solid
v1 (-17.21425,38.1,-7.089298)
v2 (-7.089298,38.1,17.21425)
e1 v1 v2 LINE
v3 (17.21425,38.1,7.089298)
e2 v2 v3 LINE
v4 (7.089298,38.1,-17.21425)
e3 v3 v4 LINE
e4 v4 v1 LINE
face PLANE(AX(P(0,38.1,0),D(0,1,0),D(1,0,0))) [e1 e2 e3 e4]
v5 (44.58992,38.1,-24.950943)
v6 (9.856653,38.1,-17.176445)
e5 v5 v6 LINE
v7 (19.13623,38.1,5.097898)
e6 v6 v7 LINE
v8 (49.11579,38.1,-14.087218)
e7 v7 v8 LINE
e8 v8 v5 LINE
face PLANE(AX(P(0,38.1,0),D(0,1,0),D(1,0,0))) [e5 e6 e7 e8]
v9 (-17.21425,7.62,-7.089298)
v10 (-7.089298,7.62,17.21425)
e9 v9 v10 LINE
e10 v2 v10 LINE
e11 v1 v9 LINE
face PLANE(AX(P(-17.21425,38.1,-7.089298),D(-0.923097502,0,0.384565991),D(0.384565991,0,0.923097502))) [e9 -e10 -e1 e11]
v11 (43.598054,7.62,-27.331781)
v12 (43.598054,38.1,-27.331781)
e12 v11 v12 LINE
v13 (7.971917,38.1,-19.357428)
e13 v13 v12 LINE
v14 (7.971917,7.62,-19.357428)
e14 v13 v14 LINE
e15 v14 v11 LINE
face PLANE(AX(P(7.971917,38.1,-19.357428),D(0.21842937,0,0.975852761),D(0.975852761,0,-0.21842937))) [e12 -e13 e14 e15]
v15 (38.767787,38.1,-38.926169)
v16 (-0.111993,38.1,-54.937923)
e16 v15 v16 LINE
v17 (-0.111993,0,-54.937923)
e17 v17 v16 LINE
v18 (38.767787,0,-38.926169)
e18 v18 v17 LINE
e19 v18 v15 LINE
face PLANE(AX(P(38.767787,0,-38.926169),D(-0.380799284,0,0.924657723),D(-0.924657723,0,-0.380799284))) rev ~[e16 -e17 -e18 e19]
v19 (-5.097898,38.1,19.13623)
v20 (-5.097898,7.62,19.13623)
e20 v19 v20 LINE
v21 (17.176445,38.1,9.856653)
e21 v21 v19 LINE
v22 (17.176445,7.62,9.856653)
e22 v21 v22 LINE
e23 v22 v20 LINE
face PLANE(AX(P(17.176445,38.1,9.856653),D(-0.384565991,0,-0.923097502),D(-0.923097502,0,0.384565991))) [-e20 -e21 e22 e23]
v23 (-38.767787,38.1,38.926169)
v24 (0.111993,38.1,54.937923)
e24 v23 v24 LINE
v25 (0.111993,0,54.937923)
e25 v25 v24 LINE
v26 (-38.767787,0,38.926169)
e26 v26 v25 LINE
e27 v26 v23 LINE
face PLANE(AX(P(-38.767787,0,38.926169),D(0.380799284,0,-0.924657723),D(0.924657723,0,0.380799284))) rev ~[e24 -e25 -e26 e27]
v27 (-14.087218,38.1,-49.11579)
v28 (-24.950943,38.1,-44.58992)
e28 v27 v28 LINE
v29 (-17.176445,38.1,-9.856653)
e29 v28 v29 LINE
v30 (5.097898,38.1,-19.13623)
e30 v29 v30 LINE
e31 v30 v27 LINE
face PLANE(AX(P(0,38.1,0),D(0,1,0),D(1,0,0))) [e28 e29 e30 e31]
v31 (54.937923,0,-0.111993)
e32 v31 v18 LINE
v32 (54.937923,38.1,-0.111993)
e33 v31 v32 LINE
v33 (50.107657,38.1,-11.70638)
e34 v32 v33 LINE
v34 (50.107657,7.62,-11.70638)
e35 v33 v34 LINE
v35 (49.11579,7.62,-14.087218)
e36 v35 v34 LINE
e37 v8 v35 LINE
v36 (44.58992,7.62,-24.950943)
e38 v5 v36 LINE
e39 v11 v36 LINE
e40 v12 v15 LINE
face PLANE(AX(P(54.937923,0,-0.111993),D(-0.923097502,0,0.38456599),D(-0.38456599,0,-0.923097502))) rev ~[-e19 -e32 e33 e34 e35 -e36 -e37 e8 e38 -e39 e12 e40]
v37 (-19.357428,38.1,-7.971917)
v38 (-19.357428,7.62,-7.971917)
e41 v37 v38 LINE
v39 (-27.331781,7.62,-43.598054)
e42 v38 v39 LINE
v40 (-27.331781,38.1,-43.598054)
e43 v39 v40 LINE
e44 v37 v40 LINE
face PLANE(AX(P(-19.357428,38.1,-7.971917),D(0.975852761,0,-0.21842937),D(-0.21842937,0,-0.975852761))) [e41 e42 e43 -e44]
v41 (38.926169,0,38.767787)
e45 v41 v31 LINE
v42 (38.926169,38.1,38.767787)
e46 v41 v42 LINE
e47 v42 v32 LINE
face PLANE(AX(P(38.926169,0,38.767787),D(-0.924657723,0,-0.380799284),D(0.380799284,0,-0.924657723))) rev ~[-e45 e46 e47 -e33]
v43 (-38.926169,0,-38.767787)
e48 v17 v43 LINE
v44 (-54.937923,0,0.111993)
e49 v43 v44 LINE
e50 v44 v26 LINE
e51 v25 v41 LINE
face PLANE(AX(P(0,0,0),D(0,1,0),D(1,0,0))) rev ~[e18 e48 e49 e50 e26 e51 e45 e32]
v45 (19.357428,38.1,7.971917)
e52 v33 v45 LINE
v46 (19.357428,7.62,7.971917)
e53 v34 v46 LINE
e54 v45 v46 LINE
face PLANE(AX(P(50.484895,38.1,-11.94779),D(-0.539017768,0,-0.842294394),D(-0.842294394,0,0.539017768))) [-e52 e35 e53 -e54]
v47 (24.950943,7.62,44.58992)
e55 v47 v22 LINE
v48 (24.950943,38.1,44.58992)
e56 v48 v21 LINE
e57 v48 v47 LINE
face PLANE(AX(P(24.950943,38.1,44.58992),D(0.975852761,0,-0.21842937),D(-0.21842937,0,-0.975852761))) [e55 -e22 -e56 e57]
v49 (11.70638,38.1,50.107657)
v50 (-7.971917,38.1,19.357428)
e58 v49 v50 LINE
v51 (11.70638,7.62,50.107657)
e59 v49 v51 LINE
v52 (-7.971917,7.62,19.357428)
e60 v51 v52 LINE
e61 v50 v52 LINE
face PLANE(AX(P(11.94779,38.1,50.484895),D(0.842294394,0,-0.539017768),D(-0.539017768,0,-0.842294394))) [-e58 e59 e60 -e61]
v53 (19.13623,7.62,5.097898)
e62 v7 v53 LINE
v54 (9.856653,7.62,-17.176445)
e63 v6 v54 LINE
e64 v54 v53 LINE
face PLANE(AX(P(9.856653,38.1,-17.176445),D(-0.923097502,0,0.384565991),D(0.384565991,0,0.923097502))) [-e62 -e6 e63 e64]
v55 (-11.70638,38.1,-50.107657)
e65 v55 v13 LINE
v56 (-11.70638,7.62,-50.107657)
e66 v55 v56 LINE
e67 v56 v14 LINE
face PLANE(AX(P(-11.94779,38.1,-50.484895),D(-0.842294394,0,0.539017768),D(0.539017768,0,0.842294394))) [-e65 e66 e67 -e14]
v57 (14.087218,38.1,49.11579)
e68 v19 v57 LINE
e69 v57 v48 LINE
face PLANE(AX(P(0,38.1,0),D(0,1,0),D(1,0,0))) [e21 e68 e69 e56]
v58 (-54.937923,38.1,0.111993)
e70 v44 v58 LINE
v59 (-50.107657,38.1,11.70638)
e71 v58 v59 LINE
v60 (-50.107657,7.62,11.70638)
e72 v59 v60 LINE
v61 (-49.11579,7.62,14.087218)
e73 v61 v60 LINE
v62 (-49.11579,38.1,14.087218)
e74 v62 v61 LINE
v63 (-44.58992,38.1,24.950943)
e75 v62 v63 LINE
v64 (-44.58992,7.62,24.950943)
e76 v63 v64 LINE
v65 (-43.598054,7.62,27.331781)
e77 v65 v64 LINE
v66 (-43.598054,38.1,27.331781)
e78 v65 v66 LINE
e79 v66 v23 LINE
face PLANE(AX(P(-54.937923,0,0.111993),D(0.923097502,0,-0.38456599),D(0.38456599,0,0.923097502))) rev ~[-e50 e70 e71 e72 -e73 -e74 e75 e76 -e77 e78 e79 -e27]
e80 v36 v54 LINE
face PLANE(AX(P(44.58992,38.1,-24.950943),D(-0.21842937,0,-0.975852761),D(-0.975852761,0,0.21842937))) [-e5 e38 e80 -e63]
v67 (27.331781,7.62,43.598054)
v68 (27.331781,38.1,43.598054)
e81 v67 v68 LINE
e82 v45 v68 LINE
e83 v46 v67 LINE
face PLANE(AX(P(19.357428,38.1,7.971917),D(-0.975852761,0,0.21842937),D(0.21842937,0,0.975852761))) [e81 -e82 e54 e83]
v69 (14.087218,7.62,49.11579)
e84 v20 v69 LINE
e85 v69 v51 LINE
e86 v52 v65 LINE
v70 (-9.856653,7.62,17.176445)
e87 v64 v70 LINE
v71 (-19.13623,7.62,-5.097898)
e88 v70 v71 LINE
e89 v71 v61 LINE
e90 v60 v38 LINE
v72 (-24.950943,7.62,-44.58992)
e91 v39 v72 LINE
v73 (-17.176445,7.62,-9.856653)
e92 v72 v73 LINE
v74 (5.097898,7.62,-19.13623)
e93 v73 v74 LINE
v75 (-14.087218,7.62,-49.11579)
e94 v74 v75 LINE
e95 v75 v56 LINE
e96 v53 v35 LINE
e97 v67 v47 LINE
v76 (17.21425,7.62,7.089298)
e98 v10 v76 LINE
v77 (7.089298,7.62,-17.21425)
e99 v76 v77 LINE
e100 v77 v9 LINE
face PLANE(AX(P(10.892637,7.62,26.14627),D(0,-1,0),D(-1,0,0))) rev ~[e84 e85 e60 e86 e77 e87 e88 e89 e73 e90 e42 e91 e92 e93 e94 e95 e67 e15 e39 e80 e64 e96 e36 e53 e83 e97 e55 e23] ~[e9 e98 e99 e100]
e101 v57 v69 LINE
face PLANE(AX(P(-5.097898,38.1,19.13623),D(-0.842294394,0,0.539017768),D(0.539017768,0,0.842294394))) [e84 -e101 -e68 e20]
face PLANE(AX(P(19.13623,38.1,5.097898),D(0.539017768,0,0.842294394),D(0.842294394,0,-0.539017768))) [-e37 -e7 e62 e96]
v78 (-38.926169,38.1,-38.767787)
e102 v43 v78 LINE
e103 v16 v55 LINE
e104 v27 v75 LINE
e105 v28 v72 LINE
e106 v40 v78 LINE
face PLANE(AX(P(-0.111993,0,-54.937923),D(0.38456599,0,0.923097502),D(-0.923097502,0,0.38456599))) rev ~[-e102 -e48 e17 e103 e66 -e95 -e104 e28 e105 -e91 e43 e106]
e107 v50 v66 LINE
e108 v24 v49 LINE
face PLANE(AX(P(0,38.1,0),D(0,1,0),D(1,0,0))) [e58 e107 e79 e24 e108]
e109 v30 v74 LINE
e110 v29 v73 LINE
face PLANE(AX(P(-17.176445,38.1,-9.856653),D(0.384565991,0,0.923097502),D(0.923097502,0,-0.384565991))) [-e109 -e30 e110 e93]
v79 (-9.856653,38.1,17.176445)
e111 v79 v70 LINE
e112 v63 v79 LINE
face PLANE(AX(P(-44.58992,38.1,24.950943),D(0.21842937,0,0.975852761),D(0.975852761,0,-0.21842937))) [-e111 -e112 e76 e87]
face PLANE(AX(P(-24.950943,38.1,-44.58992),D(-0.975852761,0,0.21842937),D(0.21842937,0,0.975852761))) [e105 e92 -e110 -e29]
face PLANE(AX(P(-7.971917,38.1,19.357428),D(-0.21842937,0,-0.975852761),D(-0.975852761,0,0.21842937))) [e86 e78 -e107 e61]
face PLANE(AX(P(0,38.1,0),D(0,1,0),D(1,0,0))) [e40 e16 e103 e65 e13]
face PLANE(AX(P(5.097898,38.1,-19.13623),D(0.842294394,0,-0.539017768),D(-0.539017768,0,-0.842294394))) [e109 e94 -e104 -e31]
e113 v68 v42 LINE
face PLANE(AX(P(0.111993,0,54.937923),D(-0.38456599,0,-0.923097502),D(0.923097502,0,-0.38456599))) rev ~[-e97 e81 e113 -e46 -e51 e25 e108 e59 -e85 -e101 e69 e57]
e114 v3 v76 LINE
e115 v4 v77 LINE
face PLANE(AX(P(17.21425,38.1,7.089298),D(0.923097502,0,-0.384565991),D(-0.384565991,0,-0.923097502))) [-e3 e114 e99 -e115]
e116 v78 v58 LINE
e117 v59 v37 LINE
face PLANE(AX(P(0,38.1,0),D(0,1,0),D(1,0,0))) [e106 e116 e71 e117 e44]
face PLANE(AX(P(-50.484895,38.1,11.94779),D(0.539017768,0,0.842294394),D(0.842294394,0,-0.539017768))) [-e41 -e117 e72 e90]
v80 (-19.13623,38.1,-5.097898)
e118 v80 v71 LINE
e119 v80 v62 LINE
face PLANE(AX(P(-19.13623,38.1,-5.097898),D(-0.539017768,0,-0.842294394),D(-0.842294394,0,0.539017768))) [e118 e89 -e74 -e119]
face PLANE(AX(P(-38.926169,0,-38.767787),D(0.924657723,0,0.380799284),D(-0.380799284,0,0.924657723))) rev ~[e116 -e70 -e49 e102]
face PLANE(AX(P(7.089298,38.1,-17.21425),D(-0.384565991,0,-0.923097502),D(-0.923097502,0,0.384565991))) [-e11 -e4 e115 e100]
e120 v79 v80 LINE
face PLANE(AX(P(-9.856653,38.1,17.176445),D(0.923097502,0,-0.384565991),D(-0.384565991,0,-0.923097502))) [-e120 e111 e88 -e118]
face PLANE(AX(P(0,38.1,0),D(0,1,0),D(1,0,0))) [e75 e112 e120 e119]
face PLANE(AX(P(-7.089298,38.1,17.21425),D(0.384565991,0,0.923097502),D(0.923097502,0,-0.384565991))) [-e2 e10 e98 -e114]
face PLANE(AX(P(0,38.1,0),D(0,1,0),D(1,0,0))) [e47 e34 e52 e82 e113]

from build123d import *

# Parameters (mm, degrees)
BOSS_EXTRUDE1_DEPTH     = 38.1
CUT_EXTRUDE_THIN1_DEPTH = 30.48


with BuildPart() as part:
    # Sketch1 → Boss-Extrude1 (new body)
    with BuildSketch(Plane(origin=(0, 0, 0), x_dir=(1, 0, 0), z_dir=(0, 1, 0))):
        Polygon((-0.111992667, 54.937923296), (-38.926168882, 38.767787333), (-54.937923296, -0.111992667), (-38.767787333, -38.926168882), (0.111992667, -54.937923296), (38.926168882, -38.767787333), (54.937923296, 0.111992667), (38.767787333, 38.926168882), align=None)
    extrude(amount=BOSS_EXTRUDE1_DEPTH)

    # Sketch2 → Cut-Extrude-Thin1 (cut)
    with BuildSketch(Plane(origin=(0, 38.1, 0), x_dir=(1, 0, 0), z_dir=(0, 1, 0))):
        Polygon((24.950943415, -44.589920325), (17.176445042, -9.856652985), (-5.097897691, -19.136230336), (14.087218134, -49.115790304), (11.947790374, -50.484895435), (-8.86896141, -17.955664748), (18.993913528, -6.347883261), (27.429609427, -44.035109726), align=None)
        Polygon((-44.589920325, -24.950943415), (-9.856652985, -17.176445042), (-19.136230336, 5.097897691), (-49.115790304, -14.087218134), (-50.484895435, -11.947790374), (-17.955664748, 8.86896141), (-6.347883261, -18.993913528), (-44.035109726, -27.429609427), align=None)
        Polygon((-24.950943415, 44.589920325), (-17.176445042, 9.856652985), (5.097897691, 19.136230336), (-14.087218134, 49.115790304), (-11.947790374, 50.484895435), (8.86896141, 17.955664748), (-18.993913528, 6.347883261), (-27.429609427, 44.035109726), align=None)
        Polygon((44.589920325, 24.950943415), (9.856652985, 17.176445042), (19.136230336, -5.097897691), (49.115790304, 14.087218134), (50.484895435, 11.947790374), (17.955664748, -8.86896141), (6.347883261, 18.993913528), (44.035109726, 27.429609427), align=None)
    extrude(amount=-CUT_EXTRUDE_THIN1_DEPTH, mode=Mode.SUBTRACT)


solid = part.part
